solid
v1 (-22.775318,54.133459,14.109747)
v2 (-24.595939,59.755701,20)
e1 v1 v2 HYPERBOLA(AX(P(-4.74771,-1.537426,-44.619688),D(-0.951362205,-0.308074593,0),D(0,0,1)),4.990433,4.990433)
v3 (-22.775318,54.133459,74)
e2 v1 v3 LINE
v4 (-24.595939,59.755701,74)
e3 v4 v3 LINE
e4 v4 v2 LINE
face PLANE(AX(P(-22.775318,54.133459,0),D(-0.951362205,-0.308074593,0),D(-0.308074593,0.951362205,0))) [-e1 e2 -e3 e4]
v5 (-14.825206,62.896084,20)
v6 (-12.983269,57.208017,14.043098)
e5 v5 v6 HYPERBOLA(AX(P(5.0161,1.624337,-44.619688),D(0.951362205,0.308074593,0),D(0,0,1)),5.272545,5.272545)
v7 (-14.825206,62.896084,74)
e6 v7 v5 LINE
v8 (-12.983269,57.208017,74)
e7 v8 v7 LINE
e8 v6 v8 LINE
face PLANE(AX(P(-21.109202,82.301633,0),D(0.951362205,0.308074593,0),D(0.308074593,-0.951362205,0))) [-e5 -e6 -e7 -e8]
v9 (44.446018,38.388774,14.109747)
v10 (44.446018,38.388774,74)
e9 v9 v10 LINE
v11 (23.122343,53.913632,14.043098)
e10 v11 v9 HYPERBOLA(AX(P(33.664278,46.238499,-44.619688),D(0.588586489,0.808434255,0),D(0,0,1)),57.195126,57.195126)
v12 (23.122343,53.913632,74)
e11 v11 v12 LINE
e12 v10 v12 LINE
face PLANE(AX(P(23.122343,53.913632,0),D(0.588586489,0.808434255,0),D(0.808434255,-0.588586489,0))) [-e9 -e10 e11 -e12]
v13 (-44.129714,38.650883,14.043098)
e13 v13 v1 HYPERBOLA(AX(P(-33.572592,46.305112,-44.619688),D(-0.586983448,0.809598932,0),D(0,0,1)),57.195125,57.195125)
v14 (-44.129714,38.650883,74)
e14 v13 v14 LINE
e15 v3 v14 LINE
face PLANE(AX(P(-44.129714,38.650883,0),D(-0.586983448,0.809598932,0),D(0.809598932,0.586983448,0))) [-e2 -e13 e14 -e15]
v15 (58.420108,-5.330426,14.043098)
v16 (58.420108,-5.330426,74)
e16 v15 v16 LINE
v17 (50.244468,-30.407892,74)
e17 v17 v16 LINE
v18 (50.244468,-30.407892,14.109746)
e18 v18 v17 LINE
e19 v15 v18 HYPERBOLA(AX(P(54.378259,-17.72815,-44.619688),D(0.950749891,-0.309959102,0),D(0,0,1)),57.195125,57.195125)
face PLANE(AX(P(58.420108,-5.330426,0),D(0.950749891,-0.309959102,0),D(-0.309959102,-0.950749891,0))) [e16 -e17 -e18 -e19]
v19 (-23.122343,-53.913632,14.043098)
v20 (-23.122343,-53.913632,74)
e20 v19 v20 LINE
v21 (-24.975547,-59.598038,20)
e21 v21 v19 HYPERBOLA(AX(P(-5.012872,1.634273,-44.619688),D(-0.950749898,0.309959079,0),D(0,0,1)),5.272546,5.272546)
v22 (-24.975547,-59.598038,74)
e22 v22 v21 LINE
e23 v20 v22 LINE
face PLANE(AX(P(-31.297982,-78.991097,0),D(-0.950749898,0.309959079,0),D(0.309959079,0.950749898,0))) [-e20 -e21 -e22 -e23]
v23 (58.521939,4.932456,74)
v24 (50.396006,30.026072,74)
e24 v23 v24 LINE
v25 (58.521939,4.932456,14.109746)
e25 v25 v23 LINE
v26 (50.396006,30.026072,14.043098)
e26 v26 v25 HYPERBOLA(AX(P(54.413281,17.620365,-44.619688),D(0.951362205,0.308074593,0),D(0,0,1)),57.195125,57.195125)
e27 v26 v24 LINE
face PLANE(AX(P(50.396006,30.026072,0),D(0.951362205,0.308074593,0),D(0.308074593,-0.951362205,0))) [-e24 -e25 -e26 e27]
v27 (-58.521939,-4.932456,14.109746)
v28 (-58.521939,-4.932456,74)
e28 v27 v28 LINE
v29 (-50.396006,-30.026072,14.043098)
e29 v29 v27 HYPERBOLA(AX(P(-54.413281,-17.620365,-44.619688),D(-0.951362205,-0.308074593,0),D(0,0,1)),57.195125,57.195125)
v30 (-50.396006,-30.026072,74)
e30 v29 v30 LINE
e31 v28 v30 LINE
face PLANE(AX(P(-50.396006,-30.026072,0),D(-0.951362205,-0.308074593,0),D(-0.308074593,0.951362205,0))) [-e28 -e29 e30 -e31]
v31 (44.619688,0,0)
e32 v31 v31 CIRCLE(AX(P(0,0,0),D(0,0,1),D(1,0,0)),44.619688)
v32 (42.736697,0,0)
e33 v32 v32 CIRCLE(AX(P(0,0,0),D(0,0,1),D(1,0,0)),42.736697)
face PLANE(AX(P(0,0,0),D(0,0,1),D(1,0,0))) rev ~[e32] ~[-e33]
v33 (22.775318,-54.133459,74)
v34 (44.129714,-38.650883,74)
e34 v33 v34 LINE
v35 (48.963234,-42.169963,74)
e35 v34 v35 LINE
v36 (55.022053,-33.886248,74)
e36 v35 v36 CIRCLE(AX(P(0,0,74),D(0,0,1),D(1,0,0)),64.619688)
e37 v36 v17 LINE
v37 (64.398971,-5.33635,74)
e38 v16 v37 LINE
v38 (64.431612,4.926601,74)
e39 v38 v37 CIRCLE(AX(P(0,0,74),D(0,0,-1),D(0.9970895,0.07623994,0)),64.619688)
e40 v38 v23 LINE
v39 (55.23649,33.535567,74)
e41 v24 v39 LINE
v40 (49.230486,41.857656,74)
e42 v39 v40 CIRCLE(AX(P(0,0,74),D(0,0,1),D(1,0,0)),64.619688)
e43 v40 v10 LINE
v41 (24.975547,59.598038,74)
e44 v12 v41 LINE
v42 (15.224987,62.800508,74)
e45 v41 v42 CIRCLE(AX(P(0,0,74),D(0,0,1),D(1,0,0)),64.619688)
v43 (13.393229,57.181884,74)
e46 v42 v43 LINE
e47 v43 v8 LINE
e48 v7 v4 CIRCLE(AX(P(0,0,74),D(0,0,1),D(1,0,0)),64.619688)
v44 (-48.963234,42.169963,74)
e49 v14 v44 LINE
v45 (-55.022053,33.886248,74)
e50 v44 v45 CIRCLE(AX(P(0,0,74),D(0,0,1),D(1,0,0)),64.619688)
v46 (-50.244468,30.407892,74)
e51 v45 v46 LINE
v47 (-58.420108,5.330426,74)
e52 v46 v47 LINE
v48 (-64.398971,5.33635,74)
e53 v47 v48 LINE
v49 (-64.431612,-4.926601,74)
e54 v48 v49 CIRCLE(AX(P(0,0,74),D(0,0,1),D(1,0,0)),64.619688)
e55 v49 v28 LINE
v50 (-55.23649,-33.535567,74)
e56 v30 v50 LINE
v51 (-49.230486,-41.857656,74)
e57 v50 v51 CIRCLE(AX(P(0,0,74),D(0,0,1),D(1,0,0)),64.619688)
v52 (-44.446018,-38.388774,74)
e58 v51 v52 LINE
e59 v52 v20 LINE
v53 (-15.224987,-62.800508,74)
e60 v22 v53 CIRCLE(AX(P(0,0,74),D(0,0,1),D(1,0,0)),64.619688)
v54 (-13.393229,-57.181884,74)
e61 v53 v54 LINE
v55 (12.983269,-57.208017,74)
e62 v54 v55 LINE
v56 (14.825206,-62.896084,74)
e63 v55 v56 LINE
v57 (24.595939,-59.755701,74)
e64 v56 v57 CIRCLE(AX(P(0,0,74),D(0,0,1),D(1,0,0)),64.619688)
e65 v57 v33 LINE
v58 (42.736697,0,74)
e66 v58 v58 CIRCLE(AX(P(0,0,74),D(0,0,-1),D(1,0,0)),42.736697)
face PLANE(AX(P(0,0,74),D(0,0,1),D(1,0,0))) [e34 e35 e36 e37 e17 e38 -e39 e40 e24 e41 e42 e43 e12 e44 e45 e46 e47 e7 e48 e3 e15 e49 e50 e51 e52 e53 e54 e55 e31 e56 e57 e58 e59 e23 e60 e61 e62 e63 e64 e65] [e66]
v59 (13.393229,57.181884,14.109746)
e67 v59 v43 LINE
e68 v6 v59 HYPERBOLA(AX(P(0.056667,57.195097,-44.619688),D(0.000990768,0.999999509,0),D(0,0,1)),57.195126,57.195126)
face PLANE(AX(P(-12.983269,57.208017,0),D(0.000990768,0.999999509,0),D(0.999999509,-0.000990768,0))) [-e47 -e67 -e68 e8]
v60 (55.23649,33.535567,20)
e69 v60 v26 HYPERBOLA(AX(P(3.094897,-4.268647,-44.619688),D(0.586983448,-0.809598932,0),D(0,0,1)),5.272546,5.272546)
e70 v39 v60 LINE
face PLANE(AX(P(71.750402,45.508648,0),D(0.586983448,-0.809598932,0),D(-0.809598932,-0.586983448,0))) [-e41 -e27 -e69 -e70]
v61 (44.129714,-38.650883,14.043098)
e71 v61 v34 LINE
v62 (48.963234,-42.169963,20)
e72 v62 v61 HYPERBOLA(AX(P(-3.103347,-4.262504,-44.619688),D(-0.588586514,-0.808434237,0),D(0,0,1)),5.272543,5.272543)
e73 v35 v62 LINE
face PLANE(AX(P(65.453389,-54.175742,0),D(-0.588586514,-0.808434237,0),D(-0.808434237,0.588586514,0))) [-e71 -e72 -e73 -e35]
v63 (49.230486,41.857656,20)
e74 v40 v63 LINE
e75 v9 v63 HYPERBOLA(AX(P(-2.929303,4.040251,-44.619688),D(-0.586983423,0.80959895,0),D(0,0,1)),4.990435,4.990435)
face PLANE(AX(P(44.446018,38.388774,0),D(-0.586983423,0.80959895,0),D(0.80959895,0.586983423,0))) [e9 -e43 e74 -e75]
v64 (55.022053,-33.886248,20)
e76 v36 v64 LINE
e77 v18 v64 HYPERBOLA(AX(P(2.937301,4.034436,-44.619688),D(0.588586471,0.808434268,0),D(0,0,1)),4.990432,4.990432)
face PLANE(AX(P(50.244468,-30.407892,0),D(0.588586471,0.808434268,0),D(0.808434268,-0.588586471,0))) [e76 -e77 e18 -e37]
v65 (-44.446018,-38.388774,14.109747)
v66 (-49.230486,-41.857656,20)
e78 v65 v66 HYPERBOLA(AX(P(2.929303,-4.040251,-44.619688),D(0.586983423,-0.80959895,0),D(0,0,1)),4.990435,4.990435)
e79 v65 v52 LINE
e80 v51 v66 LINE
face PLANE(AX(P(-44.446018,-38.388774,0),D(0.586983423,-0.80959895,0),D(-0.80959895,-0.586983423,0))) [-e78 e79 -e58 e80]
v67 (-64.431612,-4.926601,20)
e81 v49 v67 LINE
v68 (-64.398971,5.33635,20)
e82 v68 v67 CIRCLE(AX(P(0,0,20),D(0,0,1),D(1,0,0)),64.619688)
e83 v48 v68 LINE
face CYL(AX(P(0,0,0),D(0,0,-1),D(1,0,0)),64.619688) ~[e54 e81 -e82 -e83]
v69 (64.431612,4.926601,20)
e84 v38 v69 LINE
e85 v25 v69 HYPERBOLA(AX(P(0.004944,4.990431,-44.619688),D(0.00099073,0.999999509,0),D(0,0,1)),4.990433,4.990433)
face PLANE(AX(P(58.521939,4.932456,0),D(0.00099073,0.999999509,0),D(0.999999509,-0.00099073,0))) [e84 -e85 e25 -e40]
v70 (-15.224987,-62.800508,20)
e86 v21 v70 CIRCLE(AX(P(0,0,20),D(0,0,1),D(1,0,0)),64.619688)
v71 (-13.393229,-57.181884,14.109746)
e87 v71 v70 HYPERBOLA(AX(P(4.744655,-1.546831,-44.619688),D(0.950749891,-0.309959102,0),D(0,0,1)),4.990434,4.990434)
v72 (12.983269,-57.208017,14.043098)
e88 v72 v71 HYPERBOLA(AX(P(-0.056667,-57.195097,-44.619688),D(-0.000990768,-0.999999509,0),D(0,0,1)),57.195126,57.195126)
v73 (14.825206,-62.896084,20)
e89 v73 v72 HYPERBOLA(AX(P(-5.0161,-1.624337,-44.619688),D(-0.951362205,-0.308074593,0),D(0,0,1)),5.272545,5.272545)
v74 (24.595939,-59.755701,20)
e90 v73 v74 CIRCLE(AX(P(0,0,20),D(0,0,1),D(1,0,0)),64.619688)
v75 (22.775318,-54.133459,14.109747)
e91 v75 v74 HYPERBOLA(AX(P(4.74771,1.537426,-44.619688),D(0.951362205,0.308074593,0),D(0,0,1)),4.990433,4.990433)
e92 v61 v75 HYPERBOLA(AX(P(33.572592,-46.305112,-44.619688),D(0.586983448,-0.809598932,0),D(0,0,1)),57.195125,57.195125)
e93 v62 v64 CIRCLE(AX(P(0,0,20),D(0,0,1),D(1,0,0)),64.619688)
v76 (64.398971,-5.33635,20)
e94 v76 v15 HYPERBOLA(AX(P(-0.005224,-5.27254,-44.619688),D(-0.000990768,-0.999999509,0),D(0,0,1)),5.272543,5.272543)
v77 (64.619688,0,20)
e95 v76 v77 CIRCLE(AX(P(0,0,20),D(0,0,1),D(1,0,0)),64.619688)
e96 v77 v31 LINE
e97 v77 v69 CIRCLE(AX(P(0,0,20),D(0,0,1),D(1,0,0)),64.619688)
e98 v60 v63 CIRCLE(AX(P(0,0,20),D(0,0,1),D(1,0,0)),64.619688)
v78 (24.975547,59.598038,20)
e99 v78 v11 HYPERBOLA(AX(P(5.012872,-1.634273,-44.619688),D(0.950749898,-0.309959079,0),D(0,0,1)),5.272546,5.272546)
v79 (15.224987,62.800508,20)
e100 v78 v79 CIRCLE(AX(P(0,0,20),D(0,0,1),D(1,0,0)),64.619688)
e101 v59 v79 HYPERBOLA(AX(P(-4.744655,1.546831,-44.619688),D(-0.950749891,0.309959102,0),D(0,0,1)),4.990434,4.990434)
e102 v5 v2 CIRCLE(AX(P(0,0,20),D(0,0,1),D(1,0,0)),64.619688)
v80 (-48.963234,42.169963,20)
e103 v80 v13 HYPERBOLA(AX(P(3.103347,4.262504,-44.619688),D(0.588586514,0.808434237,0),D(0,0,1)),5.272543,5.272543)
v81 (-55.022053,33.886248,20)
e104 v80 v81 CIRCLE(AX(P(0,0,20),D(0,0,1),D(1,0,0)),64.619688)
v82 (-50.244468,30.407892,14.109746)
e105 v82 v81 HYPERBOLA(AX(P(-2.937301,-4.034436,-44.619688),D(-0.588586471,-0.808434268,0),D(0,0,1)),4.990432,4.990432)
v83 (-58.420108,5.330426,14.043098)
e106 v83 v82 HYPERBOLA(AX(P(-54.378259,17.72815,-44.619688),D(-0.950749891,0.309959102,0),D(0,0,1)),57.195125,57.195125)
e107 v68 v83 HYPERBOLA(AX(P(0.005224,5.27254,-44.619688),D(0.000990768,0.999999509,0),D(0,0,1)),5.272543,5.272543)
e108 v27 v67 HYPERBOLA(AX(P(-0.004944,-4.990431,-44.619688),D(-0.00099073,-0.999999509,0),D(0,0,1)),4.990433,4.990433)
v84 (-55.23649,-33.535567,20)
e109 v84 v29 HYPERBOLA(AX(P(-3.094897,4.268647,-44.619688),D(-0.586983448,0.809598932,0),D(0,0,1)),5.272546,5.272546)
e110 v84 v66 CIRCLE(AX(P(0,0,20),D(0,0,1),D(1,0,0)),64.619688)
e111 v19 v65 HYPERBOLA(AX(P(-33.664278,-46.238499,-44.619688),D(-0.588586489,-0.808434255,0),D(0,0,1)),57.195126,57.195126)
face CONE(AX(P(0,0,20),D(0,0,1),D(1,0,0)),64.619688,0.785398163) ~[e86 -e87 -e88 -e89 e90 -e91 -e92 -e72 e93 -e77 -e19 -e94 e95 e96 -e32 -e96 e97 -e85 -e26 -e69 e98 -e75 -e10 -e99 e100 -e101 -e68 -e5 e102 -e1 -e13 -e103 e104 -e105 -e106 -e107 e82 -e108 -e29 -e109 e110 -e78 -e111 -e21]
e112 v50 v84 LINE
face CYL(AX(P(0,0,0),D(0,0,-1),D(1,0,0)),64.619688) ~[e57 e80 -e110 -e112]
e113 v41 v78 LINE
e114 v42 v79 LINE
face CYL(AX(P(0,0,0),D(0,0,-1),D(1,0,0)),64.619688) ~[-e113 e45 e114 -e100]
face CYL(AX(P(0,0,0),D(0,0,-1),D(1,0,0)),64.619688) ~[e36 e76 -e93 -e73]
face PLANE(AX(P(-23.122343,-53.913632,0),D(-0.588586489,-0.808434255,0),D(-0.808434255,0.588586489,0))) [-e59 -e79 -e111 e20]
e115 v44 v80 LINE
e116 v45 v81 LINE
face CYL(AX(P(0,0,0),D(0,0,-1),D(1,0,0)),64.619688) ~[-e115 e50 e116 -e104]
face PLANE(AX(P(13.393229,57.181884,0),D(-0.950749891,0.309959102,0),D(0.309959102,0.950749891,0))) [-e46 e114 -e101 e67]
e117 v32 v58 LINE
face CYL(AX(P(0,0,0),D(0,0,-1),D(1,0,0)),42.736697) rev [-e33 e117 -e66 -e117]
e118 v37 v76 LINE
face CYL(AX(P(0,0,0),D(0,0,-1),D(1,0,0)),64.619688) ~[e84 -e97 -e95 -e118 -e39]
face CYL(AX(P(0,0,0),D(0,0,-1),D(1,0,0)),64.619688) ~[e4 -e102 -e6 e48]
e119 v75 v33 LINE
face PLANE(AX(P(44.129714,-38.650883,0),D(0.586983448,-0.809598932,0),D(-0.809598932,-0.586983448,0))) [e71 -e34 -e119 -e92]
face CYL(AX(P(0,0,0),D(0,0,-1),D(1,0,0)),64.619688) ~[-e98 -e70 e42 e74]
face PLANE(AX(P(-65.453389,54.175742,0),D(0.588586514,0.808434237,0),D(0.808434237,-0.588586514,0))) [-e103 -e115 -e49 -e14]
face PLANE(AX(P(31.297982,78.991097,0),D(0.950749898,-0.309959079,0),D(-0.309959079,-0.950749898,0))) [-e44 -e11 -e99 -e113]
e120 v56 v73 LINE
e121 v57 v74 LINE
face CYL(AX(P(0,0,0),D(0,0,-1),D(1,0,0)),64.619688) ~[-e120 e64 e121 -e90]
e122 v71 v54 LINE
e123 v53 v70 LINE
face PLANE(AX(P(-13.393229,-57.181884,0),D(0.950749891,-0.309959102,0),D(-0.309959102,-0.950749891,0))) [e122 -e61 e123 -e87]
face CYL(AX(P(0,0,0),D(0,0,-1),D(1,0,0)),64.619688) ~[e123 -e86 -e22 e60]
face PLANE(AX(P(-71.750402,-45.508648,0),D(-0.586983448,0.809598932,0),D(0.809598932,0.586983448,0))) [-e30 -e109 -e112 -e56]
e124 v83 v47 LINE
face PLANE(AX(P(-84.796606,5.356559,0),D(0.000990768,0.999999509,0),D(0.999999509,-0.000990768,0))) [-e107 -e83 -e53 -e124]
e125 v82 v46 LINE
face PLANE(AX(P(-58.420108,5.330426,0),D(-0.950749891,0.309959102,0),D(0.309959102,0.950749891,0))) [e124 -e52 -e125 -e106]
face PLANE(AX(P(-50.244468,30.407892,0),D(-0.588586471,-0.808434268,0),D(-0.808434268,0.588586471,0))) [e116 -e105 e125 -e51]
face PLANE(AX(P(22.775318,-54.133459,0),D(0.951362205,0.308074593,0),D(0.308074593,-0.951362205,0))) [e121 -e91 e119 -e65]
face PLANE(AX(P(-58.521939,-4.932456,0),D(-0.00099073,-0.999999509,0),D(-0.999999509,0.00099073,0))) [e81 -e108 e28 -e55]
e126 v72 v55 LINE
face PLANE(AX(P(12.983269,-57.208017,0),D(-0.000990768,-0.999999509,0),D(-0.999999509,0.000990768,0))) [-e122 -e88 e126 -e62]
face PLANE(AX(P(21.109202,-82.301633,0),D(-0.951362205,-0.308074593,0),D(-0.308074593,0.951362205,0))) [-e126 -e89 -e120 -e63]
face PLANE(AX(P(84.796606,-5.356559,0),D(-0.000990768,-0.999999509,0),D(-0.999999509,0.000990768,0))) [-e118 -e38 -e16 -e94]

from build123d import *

# Parameters (mm, degrees)
F0_R     = 64.619688
F2_DEPTH = 74
F1_R     = 42.736697
F3_DEPTH = 74.001
F4_SIZE  = 20
F6_DEPTH = 102


with BuildPart() as f2:
    # F0 (on Top) → F2 (new body)
    with BuildSketch(Plane.XY):
        Circle(F0_R)
    extrude(amount=F2_DEPTH)

    # F1 (on Top) → F3 (cut, through all)
    with BuildSketch(Plane.XY):
        Circle(F1_R)
    extrude(amount=F3_DEPTH, mode=Mode.SUBTRACT)

    # F4
    f4_edges = [f2.edges().sort_by_distance(p)[0] for p in [
        (-64.619688, 0, 0),
    ]]
    chamfer(f4_edges, length=F4_SIZE)

    # F5 (on Top) → F6 (cut)
    with BuildSketch(Plane.XY):
        Polygon((-21.568869, -82.25935), (-0.245193, -97.784208), (21.109202, -82.301633), (12.983269, -57.208017), (-13.393229, -57.181884), align=None)
        Polygon((22.775318, -54.133459), (30.901251, -79.227075), (57.27775, -79.253207), (65.453389, -54.175742), (44.129714, -38.650883), align=None)
        Polygon((50.244468, -30.407892), (71.568144, -45.93275), (92.922539, -30.450175), (84.796606, -5.356559), (58.420108, -5.330426), align=None)
        Polygon((58.521939, 4.932456), (84.898438, 4.906324), (93.074077, 29.983789), (71.750402, 45.508648), (50.396006, 30.026072), align=None)
        Polygon((44.446018, 38.388774), (65.800414, 53.871349), (57.674481, 78.964965), (31.297982, 78.991097), (23.122343, 53.913632), align=None)
        Polygon((13.393229, 57.181884), (21.568869, 82.25935), (0.245193, 97.784208), (-21.109202, 82.301633), (-12.983269, 57.208017), align=None)
        Polygon((-22.775318, 54.133459), (-30.901251, 79.227075), (-57.27775, 79.253207), (-65.453389, 54.175742), (-44.129714, 38.650883), align=None)
        Polygon((-50.244468, 30.407892), (-71.568144, 45.93275), (-92.922539, 30.450175), (-84.796606, 5.356559), (-58.420108, 5.330426), align=None)
        Polygon((-58.521939, -4.932456), (-84.898438, -4.906324), (-93.074077, -29.983789), (-71.750402, -45.508648), (-50.396006, -30.026072), align=None)
        Polygon((-44.446018, -38.388774), (-65.800414, -53.871349), (-57.674481, -78.964965), (-31.297982, -78.991097), (-23.122343, -53.913632), align=None)
    extrude(amount=F6_DEPTH, mode=Mode.SUBTRACT)


solid = f2.part
